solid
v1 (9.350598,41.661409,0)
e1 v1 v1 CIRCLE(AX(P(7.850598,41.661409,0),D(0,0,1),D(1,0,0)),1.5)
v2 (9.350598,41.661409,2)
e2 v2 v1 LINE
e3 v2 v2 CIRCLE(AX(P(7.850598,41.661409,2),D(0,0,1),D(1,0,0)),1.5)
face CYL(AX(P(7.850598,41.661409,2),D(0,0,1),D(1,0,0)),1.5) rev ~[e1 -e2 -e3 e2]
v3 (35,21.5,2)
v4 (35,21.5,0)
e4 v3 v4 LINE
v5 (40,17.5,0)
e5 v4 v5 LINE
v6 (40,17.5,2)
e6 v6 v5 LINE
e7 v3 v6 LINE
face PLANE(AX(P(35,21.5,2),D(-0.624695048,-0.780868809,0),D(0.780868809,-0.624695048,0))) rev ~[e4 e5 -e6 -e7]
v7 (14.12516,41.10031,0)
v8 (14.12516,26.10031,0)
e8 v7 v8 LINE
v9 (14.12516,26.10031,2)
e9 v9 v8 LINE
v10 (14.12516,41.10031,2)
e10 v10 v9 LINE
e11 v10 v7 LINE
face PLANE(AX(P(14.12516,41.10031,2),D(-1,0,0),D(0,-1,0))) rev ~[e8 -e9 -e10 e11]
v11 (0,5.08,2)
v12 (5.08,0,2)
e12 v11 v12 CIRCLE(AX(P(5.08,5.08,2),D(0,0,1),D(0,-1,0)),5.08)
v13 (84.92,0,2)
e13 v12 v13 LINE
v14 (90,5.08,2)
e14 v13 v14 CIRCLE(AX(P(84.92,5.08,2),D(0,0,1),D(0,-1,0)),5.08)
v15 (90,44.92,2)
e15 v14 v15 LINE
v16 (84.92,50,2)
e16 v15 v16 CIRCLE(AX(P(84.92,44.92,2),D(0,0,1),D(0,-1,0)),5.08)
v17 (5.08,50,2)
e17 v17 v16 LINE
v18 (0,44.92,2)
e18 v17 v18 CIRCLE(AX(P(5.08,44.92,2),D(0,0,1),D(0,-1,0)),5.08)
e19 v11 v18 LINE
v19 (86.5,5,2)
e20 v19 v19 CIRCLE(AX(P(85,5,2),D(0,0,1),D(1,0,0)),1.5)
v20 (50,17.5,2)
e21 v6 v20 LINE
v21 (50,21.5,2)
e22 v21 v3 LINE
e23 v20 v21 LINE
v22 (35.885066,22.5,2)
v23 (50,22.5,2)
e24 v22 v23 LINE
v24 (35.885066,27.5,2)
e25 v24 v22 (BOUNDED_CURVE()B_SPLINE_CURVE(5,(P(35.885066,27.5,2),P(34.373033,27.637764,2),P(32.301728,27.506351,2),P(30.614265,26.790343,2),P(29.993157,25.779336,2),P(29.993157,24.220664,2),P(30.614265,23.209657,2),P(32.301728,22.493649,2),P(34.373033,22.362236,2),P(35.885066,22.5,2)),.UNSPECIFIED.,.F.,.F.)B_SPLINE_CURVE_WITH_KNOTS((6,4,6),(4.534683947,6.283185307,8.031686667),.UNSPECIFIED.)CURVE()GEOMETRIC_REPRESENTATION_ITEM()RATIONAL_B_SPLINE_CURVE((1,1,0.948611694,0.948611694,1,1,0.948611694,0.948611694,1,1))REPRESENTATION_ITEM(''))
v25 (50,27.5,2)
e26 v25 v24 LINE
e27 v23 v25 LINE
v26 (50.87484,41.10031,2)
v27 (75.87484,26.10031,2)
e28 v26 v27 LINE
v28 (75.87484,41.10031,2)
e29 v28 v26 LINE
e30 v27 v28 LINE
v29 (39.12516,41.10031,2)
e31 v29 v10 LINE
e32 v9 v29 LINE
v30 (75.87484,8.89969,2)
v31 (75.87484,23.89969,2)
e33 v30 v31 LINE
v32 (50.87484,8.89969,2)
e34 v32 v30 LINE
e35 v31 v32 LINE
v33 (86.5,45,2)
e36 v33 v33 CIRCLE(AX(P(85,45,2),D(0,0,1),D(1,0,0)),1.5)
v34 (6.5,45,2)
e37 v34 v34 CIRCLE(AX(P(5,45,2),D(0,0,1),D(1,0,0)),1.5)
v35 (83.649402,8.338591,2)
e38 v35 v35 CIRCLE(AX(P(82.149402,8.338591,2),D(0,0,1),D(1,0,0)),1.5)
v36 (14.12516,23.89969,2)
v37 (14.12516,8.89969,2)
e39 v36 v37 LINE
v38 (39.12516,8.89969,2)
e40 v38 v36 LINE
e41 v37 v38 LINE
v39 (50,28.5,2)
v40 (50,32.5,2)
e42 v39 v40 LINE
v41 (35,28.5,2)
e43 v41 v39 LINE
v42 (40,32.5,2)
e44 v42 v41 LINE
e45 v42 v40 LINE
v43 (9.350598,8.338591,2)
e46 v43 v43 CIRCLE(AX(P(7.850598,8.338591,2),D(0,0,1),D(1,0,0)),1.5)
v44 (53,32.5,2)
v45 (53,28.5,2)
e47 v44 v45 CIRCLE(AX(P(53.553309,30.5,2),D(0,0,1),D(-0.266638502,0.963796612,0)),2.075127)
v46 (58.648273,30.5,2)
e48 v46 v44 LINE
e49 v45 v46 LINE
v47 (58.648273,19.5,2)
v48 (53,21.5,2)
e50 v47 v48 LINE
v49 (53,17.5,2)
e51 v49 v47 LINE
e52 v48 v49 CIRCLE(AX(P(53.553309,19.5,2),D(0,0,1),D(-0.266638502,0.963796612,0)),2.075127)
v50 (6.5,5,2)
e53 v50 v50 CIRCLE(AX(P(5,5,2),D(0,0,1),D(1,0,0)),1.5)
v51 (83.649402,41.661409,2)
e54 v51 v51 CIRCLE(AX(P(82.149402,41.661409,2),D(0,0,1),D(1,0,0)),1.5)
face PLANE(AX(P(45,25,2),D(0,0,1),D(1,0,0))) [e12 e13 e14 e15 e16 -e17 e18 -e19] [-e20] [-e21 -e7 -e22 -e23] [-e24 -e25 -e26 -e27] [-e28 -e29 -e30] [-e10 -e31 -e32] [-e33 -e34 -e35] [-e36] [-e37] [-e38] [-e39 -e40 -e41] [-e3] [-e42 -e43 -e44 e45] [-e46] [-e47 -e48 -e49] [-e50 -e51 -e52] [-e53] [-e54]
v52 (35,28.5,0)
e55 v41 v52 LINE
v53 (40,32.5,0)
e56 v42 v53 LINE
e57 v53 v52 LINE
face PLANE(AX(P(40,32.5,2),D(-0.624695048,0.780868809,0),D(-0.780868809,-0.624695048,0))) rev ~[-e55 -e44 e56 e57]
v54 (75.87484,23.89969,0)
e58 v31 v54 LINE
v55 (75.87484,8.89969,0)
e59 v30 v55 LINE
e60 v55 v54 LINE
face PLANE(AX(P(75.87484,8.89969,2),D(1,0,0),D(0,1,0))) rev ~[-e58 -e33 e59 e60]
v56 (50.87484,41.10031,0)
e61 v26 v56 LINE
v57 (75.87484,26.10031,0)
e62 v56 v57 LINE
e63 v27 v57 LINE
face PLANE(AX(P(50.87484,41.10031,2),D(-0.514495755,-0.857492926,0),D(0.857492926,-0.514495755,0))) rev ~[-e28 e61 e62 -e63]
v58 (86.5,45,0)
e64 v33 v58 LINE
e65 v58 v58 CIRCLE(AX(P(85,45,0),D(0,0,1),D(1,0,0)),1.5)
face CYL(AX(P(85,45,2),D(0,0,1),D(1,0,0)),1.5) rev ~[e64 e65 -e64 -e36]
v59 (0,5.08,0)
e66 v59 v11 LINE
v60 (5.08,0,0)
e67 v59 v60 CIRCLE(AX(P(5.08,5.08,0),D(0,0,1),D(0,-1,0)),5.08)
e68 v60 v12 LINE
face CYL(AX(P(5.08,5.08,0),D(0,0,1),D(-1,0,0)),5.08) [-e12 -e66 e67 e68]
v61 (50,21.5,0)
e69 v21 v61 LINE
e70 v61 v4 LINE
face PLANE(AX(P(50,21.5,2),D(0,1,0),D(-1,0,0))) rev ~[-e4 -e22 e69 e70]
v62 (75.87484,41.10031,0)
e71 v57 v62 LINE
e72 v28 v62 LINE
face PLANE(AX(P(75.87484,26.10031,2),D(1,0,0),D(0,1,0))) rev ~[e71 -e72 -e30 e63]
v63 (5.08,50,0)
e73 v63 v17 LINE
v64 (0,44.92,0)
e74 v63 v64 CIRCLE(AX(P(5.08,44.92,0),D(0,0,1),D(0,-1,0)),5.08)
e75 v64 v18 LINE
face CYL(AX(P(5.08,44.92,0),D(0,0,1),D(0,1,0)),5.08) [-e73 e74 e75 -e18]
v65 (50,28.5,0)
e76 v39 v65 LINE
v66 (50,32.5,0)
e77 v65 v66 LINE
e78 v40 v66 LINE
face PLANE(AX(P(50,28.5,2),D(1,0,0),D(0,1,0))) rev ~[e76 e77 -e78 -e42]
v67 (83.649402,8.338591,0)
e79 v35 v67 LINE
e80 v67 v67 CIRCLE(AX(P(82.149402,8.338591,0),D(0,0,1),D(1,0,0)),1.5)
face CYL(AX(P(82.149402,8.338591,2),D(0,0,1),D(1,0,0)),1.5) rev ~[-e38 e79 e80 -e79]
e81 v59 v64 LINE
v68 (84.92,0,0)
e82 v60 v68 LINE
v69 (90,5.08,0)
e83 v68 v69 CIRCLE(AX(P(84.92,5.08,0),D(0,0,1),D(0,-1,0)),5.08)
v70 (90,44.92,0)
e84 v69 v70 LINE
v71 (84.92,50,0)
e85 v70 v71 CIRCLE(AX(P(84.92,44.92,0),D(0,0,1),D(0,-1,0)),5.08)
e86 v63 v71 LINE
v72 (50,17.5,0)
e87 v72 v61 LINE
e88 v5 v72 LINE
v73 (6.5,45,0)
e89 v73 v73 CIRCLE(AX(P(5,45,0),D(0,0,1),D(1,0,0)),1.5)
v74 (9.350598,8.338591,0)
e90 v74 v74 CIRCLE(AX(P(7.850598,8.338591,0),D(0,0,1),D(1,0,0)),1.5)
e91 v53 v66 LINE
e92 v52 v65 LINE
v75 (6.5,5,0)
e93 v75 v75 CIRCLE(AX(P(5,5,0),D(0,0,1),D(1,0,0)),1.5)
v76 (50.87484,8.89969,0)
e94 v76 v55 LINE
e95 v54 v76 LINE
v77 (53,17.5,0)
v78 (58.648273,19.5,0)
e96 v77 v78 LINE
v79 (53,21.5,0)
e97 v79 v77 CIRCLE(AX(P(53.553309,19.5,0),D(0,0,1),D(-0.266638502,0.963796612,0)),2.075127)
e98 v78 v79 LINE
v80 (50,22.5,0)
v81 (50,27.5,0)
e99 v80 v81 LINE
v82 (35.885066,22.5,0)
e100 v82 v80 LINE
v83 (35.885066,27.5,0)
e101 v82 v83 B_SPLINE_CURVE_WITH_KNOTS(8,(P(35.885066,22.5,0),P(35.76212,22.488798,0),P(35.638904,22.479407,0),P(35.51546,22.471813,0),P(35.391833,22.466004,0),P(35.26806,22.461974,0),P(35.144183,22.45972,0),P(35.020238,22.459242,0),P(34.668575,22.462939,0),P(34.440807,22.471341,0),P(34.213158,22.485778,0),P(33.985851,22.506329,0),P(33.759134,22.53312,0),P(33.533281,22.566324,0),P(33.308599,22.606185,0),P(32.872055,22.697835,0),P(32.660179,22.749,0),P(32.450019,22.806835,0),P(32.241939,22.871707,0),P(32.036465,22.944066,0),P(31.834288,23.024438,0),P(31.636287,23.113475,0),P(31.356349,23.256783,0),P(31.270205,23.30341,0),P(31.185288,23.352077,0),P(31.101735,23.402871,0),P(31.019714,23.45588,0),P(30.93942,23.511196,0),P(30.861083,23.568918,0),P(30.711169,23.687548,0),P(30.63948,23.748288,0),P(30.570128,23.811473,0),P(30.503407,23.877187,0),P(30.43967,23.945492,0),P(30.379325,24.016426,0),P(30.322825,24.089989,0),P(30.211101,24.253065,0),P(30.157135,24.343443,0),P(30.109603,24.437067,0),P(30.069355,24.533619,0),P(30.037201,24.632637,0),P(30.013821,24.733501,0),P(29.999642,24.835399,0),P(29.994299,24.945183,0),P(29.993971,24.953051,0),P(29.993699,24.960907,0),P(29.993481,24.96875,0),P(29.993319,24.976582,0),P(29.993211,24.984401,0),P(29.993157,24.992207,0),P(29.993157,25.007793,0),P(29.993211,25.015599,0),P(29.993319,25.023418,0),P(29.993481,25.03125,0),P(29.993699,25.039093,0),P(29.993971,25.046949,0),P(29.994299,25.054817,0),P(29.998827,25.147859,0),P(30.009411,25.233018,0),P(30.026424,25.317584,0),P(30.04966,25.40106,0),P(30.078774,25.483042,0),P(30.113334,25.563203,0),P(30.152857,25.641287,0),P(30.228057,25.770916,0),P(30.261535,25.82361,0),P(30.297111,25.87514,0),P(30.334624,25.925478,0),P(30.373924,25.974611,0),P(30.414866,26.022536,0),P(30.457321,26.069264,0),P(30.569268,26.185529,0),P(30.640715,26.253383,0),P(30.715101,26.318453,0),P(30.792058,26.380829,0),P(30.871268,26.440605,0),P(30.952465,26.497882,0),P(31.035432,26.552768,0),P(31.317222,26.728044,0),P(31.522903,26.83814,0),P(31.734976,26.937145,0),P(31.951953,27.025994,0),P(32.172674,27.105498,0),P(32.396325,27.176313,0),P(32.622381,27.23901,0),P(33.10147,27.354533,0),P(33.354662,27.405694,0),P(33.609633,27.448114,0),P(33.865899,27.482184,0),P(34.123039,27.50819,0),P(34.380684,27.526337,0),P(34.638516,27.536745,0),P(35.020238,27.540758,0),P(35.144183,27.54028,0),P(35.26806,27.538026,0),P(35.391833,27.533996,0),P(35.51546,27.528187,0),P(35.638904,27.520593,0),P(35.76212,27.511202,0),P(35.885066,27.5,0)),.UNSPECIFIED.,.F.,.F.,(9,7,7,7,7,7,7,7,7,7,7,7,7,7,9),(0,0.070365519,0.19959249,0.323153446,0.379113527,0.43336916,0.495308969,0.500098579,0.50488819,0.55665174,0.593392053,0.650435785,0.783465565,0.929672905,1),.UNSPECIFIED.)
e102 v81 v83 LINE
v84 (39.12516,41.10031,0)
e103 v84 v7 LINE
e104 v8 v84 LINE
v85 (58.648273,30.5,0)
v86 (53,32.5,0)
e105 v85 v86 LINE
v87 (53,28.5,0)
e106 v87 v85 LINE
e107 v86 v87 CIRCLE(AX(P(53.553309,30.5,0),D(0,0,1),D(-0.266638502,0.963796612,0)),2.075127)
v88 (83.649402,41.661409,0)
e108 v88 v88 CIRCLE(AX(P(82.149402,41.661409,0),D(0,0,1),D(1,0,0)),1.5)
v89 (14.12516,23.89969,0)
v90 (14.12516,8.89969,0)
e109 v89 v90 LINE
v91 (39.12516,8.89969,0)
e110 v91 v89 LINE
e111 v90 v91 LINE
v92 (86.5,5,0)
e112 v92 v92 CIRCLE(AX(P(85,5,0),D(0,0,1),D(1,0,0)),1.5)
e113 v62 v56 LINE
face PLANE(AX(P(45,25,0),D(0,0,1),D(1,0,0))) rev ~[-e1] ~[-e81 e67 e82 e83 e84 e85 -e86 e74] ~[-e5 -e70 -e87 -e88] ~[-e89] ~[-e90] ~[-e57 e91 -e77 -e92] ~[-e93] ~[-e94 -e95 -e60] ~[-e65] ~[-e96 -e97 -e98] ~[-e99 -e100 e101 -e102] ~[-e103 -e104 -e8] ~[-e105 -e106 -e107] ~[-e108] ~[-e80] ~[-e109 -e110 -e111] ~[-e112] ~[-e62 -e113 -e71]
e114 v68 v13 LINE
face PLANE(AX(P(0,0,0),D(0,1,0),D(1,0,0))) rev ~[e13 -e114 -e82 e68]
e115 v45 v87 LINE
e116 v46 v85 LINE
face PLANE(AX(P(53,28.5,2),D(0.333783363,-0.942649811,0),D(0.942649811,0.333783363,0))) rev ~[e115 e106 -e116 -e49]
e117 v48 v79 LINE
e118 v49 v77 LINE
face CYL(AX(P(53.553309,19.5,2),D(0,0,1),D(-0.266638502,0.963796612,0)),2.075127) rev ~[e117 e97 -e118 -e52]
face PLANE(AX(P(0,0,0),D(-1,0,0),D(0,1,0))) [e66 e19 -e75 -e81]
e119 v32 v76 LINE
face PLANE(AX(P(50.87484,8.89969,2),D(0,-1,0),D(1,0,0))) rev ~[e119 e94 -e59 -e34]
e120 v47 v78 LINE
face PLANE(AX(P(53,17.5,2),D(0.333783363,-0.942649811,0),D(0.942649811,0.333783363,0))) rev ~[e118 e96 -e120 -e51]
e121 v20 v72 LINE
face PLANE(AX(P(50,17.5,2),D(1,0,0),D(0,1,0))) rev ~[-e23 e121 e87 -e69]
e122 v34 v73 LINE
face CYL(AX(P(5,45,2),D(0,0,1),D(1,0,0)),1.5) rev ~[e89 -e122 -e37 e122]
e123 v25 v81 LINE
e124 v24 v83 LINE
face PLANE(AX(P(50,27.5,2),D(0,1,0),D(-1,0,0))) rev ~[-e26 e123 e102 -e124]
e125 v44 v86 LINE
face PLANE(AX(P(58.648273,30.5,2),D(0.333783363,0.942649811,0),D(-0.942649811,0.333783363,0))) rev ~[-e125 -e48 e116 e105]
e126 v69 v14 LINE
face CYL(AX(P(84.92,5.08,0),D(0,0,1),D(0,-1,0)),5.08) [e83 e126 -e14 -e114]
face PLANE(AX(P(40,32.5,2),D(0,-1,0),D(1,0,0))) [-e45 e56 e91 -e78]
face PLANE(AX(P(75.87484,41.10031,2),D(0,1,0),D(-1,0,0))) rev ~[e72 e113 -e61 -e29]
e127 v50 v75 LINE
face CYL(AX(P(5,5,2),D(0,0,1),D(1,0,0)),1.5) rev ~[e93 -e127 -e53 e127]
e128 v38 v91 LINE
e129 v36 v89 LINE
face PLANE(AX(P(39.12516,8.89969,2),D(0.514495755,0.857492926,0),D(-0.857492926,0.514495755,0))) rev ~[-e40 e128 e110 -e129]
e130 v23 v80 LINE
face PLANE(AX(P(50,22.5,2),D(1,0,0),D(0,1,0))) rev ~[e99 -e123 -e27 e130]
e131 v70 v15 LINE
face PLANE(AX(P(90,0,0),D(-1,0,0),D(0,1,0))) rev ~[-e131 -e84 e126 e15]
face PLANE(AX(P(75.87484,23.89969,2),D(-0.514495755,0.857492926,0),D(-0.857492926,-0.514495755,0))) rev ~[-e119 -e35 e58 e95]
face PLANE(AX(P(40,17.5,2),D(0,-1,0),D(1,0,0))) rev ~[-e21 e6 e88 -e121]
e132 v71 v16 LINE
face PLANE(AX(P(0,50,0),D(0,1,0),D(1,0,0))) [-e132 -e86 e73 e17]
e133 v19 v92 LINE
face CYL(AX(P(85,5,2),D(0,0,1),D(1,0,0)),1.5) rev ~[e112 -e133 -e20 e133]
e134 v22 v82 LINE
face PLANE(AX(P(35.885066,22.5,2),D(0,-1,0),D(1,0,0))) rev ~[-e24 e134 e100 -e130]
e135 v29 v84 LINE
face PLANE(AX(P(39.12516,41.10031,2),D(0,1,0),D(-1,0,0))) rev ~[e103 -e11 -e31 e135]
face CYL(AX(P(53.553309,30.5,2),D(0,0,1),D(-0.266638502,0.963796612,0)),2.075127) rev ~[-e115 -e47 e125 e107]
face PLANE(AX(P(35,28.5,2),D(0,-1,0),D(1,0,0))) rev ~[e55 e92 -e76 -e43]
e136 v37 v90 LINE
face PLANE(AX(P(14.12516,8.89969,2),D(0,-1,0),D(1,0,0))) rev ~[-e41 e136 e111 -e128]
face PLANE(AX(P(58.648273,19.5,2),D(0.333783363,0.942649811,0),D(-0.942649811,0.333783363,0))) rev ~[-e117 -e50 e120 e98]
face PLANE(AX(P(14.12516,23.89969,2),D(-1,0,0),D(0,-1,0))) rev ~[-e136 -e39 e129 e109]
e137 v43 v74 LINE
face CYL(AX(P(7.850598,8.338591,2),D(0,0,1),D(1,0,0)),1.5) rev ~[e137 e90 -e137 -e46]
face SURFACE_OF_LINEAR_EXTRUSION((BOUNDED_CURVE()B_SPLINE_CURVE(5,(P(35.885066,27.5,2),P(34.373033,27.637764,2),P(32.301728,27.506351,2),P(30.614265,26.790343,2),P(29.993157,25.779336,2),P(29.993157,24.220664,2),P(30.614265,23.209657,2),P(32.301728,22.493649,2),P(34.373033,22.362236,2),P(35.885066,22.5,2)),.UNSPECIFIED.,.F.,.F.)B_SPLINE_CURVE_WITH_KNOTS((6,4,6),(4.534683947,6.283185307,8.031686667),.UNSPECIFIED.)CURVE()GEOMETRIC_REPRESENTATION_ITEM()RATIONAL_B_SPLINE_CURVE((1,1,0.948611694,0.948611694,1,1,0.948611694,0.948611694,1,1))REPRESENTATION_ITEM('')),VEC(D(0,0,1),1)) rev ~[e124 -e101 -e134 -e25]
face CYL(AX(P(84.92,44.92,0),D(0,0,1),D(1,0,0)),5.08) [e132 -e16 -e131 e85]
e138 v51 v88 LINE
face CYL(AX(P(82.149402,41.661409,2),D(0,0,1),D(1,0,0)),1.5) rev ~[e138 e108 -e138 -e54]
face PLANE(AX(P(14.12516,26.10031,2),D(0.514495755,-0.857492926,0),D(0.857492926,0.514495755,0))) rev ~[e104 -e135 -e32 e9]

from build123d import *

# Parameters (mm, degrees)
F0_W      = 90
F0_H      = 50
F1_DEPTH  = 2
F3_R      = 5.08
F4_R      = 5.08
F5_R      = 5.08
F6_R      = 5.08
F8_R      = 1.5
F9_DEPTH  = 25.4
F10_W     = 10
F10_H     = 4
F11_DEPTH = 25.4
F13_DEPTH = 25.4


with BuildPart() as f1:
    # F0 (on Top) → F1 (new body)
    with BuildSketch(Plane.XY):
        with Locations((45, 25)):
            Rectangle(F0_W, F0_H)
    extrude(amount=F1_DEPTH)

    # F3
    f3_edges = [f1.edges().sort_by_distance(p)[0] for p in [
        (90, 0, 1),
    ]]
    fillet(f3_edges, radius=F3_R)

    # F4
    f4_edges = [f1.edges().sort_by_distance(p)[0] for p in [
        (90, 50, 1),
    ]]
    fillet(f4_edges, radius=F4_R)

    # F5
    f5_edges = [f1.edges().sort_by_distance(p)[0] for p in [
        (0, 50, 1),
    ]]
    fillet(f5_edges, radius=F5_R)

    # F6
    f6_edges = [f1.edges().sort_by_distance(p)[0] for p in [
        (0, 0, 1),
    ]]
    fillet(f6_edges, radius=F6_R)

    # F8 (on offset) → F9 (cut)
    with BuildSketch(Plane.XY.offset(2)):
        with Locations((85, 5)):
            Circle(F8_R)
        with Locations((82.1494022449, 8.3385913854)):
            Circle(F8_R)
        with Locations((82.1494022449, 41.6614086146)):
            Circle(F8_R)
        with Locations((85, 45)):
            Circle(F8_R)
        with Locations((7.8505977551, 41.6614086146)):
            Circle(F8_R)
        with Locations((5, 45)):
            Circle(F8_R)
        with Locations((7.8505977551, 8.3385913854)):
            Circle(F8_R)
        with Locations((5, 5)):
            Circle(F8_R)
    extrude(amount=-F9_DEPTH, mode=Mode.SUBTRACT)

    # F10 (on offset) → F11 (cut)
    with BuildSketch(Plane.XY.offset(2)):
        with BuildLine():
            Line((35, 22.5), (35, 27.5))
            Line((35, 27.5), (35.8850657517, 27.5))
            add(Edge.make_bspline(
                [(35.8850657517, 27.5), (29.9931568267, 28.0368228686), (29.9931568267, 25)],
                knots=[4.5346839474, 4.5346839474, 4.5346839474, 6.2831853072, 6.2831853072, 6.2831853072], degree=2, weights=[1, 0.6415718139, 1]))
            add(Edge.make_bspline(
                [(29.9931568267, 25), (29.9931568267, 21.9631771314), (35.8850657517, 22.5)],
                knots=[0, 0, 0, 1.7485013598, 1.7485013598, 1.7485013598], degree=2, weights=[1, 0.6415718139, 1]))
            Line((35.8850657517, 22.5), (35, 22.5))
        make_face()
        with BuildLine():
            Line((35.8850657517, 27.5), (35, 27.5))
            Line((35, 27.5), (35, 22.5))
            Line((35, 22.5), (35.8850657517, 22.5))
            add(Edge.make_bspline(
                [(35.8850657517, 22.5), (40.0068431733, 22.8755428686), (40.0068431733, 25), (40.0068431733, 27.1244571314), (35.8850657517, 27.5)],
                knots=[1.7485013598, 1.7485013598, 1.7485013598, 3.1415926536, 3.1415926536, 4.5346839474, 4.5346839474, 4.5346839474], degree=2, weights=[1, 0.767062975, 1, 0.767062975, 1]))
        make_face()
        with BuildLine():
            Line((50, 27.5), (35.8850657517, 27.5))
            add(Edge.make_bspline(
                [(35.8850657517, 22.5), (40.0068431733, 22.8755428686), (40.0068431733, 25), (40.0068431733, 27.1244571314), (35.8850657517, 27.5)],
                knots=[1.7485013598, 1.7485013598, 1.7485013598, 3.1415926536, 3.1415926536, 4.5346839474, 4.5346839474, 4.5346839474], degree=2, weights=[1, 0.767062975, 1, 0.767062975, 1]))
            Line((35.8850657517, 22.5), (50, 22.5))
            Line((50, 22.5), (50, 27.5))
        make_face()
        with Locations((45, 30.5)):
            Rectangle(F10_W, F10_H)
        Polygon((40, 28.5), (40, 32.5), (35, 28.5), align=None)
        Polygon((35, 21.5), (40, 17.5), (40, 21.5), align=None)
        with Locations((45, 19.5)):
            Rectangle(F10_W, F10_H)
        with BuildLine():
            Line((58.6482731998, 30.5), (53, 32.5))
            ThreePointArc((53, 32.5), (51.4781820371, 30.5), (53, 28.5))
            Line((53, 28.5), (58.6482731998, 30.5))
        make_face()
        with BuildLine():
            ThreePointArc((53, 21.5), (51.4781820371, 19.5), (53, 17.5))
            Line((53, 17.5), (58.6482731998, 19.5))
            Line((58.6482731998, 19.5), (53, 21.5))
        make_face()
    extrude(amount=-F11_DEPTH, mode=Mode.SUBTRACT)

    # F12 (on offset) → F13 (cut)
    with BuildSketch(Plane.XY.offset(2)):
        Polygon((75.8748404465, 23.8996903335), (50.8748404465, 8.8996903335), (75.8748404465, 8.8996903335), align=None)
        Polygon((50.8748404465, 41.1003096665), (75.8748404465, 26.1003096665), (75.8748404465, 41.1003096665), align=None)
        Polygon((14.1251595535, 26.1003096665), (39.1251595535, 41.1003096665), (14.1251595535, 41.1003096665), align=None)
        Polygon((39.1251595535, 8.8996903335), (14.1251595535, 23.8996903335), (14.1251595535, 8.8996903335), align=None)
    extrude(amount=-F13_DEPTH, mode=Mode.SUBTRACT)


solid = f1.part
